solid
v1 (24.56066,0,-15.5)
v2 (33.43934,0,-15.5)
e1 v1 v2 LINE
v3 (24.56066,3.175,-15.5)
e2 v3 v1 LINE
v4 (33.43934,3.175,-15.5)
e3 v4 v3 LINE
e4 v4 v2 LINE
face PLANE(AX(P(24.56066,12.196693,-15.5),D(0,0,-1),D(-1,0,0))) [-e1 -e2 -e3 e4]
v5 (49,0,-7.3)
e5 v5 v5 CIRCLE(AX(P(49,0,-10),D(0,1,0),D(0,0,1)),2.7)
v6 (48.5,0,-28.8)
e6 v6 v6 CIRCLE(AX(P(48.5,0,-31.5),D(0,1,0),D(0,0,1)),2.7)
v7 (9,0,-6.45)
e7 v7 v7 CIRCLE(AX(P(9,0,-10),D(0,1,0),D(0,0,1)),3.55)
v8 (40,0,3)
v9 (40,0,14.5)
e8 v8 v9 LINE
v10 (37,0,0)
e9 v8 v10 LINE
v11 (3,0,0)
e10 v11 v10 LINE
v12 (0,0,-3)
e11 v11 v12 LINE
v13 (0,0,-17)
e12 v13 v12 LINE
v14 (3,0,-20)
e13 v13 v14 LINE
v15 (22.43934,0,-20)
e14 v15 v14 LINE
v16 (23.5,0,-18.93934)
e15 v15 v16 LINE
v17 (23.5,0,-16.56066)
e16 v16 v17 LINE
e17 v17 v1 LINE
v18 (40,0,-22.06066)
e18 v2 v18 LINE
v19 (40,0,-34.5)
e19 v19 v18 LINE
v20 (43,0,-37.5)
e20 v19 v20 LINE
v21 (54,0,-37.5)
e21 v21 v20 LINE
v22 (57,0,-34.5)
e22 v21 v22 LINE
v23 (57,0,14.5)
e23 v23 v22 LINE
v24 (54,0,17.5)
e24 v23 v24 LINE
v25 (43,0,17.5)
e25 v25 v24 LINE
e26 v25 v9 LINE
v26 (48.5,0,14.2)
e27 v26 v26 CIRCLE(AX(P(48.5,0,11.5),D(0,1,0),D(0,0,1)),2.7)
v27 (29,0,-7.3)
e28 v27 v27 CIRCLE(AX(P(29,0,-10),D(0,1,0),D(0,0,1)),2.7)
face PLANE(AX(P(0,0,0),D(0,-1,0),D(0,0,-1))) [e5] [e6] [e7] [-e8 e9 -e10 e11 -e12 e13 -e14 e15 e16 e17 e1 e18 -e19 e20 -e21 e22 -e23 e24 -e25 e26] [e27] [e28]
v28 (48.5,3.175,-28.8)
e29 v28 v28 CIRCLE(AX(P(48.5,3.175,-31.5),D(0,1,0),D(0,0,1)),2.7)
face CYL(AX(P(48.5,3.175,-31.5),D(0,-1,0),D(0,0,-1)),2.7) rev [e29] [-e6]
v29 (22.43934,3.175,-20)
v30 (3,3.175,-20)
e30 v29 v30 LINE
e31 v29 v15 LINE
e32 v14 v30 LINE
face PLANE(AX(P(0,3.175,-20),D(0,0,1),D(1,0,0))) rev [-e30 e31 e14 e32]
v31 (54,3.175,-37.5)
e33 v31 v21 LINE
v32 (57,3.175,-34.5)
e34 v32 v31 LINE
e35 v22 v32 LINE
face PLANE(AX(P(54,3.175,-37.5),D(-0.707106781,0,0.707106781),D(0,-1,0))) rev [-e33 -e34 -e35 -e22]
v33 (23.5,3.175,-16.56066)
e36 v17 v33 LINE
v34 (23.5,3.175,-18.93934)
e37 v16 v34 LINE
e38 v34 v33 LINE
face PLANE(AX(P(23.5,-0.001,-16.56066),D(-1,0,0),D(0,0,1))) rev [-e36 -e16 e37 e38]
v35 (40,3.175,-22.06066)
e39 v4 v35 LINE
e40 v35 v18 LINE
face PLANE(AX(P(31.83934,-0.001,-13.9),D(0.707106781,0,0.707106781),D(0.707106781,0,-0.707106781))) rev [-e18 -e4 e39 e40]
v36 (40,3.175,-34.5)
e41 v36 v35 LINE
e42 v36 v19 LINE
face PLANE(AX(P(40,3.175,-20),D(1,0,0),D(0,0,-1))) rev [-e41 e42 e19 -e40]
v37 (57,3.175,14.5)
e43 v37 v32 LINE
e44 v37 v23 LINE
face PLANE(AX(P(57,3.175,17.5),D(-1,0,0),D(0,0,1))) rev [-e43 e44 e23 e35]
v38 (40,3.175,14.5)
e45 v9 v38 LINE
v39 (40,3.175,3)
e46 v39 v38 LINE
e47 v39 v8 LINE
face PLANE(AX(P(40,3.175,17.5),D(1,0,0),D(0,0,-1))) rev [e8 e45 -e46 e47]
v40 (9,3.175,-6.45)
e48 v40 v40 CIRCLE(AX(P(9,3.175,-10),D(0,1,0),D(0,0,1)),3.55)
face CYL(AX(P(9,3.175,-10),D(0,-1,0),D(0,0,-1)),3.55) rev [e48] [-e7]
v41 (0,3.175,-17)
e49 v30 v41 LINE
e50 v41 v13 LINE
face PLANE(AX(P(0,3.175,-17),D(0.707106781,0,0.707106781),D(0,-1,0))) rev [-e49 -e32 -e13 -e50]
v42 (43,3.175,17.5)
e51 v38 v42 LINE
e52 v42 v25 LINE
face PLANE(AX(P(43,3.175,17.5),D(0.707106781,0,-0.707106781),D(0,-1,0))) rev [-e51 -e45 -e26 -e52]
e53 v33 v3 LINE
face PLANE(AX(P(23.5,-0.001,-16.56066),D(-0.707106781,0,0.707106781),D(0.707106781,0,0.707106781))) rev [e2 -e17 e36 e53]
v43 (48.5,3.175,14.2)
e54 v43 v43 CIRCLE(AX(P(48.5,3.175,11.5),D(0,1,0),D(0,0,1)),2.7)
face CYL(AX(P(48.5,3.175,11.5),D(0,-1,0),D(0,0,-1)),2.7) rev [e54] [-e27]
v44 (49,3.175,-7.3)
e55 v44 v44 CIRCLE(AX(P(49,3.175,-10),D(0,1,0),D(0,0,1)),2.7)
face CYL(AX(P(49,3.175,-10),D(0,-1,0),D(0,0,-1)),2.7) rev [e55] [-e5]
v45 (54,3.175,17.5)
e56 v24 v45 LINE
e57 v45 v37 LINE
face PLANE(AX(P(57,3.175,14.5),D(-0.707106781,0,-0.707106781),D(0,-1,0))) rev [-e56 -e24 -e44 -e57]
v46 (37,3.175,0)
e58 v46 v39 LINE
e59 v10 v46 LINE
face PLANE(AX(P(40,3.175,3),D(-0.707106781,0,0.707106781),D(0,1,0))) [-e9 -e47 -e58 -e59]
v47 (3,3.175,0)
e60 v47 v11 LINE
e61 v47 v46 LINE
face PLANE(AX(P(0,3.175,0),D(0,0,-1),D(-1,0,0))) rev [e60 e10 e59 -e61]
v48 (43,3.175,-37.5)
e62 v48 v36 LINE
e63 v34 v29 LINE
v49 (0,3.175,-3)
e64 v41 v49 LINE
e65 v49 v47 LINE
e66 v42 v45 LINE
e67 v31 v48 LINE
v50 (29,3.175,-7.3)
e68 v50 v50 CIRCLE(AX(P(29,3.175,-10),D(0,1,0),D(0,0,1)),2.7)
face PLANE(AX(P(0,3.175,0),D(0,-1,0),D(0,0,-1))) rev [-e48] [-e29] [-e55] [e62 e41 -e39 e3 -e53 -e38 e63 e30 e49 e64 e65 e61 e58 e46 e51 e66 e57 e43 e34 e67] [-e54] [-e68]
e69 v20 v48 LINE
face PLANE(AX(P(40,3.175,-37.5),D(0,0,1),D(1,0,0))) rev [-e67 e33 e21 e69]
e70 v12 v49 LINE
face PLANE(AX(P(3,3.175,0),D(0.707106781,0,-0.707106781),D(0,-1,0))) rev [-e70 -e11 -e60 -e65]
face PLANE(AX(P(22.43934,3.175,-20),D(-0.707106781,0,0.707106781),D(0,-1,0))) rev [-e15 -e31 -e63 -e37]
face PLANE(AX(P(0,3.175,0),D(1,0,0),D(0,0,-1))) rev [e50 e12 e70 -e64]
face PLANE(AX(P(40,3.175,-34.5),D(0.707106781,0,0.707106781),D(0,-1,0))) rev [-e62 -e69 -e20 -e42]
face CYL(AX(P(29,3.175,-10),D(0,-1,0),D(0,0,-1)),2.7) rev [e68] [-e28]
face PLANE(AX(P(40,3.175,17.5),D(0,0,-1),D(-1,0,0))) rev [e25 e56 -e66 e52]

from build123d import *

# Parameters (mm, degrees)
SKETCH1_R           = 2.7
SKETCH1_R_2         = 3.55
BOSS_EXTRUDE1_DEPTH = 3.175
CHAMFER1_SIZE       = 3
CUT_EXTRUDE2_REACH  = 5.175
CUT_EXTRUDE3_START  = -3.175
SKETCH8_W           = 11
SKETCH8_H           = 1.8
CUT_EXTRUDE3_DEPTH  = 3.175
SKETCH9_W           = 8.878679656
SKETCH9_H           = 1.6
BOSS_EXTRUDE2_DEPTH = 3.175
BOSS_EXTRUDE3_DEPTH = 3.175
CUT_EXTRUDE4_REACH  = 5.175
CHAMFER3_SIZE       = 1.060660172
CHAMFER4_SIZE       = 3


with BuildPart() as part:
    # Sketch1 → Boss-Extrude1 (new body)
    with BuildSketch(Plane(origin=(0, 0, 0), x_dir=(1, 0, 0), z_dir=(0, 1, 0))):
        Polygon((0, 0), (40, 0), (40, -17.5), (57, -17.5), (57, 37.5), (40, 37.5), (40, 20), (0, 20), align=None)
        with Locations((29, 10)):
            Circle(SKETCH1_R, mode=Mode.SUBTRACT)
        with Locations((9, 10)):
            Circle(SKETCH1_R_2, mode=Mode.SUBTRACT)
        with Locations((48.5, 31.5)):
            Circle(SKETCH1_R, mode=Mode.SUBTRACT)
        with Locations((48.5, -11.5)):
            Circle(SKETCH1_R, mode=Mode.SUBTRACT)
        with Locations((49, 10)):
            Circle(SKETCH1_R, mode=Mode.SUBTRACT)
    extrude(amount=BOSS_EXTRUDE1_DEPTH)

    # Chamfer1
    chamfer1_edges = [part.edges().sort_by_distance(p)[0] for p in [
        (0, 1.5875, -20),
        (40, 1.5875, -37.5),
        (57, 1.5875, -37.5),
        (57, 1.5875, 17.5),
        (40, 1.5875, 17.5),
        (0, 1.5875, 0),
    ]]
    chamfer(chamfer1_edges, length=CHAMFER1_SIZE)

    # Sketch6 → Cut-Extrude2 (cut, up to next)
    with BuildSketch(Plane(origin=(0, 3.175, 0), x_dir=(1, 0, 0), z_dir=(0, 1, 0)), mode=Mode.PRIVATE) as cut_extrude2_sk1:
        Polygon((23.5, 16.560660172), (26.160660172, 13.9), (31.839339828, 13.9), (34.5, 16.560660172), (34.5, 18.2), (32.125, 18.2), (32.125, 18.545), (33.58, 20), (24.42, 20), (25.875, 18.545), (25.875, 18.2), (23.5, 18.2), align=None)
    cut_extrude2_tool1 = extrude(cut_extrude2_sk1.sketch, amount=-CUT_EXTRUDE2_REACH, mode=Mode.PRIVATE) & part.part
    add(cut_extrude2_tool1.solids().sort_by_distance((29, 3.175, -16.994051))[0], mode=Mode.SUBTRACT)

    # Sketch8 → Cut-Extrude3 (cut)
    with BuildSketch(Plane.XZ.offset(CUT_EXTRUDE3_START)):
        with Locations((29, -19.1)):
            Rectangle(SKETCH8_W, SKETCH8_H)
    extrude(amount=CUT_EXTRUDE3_DEPTH, mode=Mode.SUBTRACT)

    # Sketch9 → Boss-Extrude2 (add)
    with BuildSketch(Plane(origin=(0, 0, 0), x_dir=(-1, 0, 0), z_dir=(0, -1, 0))):
        with Locations((-29, 14.7)):
            Rectangle(SKETCH9_W, SKETCH9_H)
    extrude(amount=-BOSS_EXTRUDE2_DEPTH)

    # Sketch10 → Boss-Extrude3 (add)
    with BuildSketch(Plane.XZ):
        Polygon((40, -22.060660172), (40, -20), (37.939339828, -20), align=None)
    extrude(amount=-BOSS_EXTRUDE3_DEPTH)

    # Sketch11 → Cut-Extrude4 (cut, up to next)
    with BuildSketch(Plane.XZ, mode=Mode.PRIVATE) as cut_extrude4_sk1:
        Polygon((34.5, -16.560660172), (37.939339828, -20), (34.5, -20), align=None)
    cut_extrude4_tool1 = extrude(cut_extrude4_sk1.sketch, amount=-CUT_EXTRUDE4_REACH, mode=Mode.PRIVATE) & part.part
    add(cut_extrude4_tool1.solids().sort_by_distance((35.646447, 0, -18.853553))[0], mode=Mode.SUBTRACT)

    # Chamfer3
    chamfer3_edges = [part.edges().sort_by_distance(p)[0] for p in [
        (23.5, 1.5875, -20),
    ]]
    chamfer(chamfer3_edges, length=CHAMFER3_SIZE)

    # Chamfer4
    chamfer4_edges = [part.edges().sort_by_distance(p)[0] for p in [
        (40, 1.5875, 0),
    ]]
    chamfer(chamfer4_edges, length=CHAMFER4_SIZE)


solid = part.part
